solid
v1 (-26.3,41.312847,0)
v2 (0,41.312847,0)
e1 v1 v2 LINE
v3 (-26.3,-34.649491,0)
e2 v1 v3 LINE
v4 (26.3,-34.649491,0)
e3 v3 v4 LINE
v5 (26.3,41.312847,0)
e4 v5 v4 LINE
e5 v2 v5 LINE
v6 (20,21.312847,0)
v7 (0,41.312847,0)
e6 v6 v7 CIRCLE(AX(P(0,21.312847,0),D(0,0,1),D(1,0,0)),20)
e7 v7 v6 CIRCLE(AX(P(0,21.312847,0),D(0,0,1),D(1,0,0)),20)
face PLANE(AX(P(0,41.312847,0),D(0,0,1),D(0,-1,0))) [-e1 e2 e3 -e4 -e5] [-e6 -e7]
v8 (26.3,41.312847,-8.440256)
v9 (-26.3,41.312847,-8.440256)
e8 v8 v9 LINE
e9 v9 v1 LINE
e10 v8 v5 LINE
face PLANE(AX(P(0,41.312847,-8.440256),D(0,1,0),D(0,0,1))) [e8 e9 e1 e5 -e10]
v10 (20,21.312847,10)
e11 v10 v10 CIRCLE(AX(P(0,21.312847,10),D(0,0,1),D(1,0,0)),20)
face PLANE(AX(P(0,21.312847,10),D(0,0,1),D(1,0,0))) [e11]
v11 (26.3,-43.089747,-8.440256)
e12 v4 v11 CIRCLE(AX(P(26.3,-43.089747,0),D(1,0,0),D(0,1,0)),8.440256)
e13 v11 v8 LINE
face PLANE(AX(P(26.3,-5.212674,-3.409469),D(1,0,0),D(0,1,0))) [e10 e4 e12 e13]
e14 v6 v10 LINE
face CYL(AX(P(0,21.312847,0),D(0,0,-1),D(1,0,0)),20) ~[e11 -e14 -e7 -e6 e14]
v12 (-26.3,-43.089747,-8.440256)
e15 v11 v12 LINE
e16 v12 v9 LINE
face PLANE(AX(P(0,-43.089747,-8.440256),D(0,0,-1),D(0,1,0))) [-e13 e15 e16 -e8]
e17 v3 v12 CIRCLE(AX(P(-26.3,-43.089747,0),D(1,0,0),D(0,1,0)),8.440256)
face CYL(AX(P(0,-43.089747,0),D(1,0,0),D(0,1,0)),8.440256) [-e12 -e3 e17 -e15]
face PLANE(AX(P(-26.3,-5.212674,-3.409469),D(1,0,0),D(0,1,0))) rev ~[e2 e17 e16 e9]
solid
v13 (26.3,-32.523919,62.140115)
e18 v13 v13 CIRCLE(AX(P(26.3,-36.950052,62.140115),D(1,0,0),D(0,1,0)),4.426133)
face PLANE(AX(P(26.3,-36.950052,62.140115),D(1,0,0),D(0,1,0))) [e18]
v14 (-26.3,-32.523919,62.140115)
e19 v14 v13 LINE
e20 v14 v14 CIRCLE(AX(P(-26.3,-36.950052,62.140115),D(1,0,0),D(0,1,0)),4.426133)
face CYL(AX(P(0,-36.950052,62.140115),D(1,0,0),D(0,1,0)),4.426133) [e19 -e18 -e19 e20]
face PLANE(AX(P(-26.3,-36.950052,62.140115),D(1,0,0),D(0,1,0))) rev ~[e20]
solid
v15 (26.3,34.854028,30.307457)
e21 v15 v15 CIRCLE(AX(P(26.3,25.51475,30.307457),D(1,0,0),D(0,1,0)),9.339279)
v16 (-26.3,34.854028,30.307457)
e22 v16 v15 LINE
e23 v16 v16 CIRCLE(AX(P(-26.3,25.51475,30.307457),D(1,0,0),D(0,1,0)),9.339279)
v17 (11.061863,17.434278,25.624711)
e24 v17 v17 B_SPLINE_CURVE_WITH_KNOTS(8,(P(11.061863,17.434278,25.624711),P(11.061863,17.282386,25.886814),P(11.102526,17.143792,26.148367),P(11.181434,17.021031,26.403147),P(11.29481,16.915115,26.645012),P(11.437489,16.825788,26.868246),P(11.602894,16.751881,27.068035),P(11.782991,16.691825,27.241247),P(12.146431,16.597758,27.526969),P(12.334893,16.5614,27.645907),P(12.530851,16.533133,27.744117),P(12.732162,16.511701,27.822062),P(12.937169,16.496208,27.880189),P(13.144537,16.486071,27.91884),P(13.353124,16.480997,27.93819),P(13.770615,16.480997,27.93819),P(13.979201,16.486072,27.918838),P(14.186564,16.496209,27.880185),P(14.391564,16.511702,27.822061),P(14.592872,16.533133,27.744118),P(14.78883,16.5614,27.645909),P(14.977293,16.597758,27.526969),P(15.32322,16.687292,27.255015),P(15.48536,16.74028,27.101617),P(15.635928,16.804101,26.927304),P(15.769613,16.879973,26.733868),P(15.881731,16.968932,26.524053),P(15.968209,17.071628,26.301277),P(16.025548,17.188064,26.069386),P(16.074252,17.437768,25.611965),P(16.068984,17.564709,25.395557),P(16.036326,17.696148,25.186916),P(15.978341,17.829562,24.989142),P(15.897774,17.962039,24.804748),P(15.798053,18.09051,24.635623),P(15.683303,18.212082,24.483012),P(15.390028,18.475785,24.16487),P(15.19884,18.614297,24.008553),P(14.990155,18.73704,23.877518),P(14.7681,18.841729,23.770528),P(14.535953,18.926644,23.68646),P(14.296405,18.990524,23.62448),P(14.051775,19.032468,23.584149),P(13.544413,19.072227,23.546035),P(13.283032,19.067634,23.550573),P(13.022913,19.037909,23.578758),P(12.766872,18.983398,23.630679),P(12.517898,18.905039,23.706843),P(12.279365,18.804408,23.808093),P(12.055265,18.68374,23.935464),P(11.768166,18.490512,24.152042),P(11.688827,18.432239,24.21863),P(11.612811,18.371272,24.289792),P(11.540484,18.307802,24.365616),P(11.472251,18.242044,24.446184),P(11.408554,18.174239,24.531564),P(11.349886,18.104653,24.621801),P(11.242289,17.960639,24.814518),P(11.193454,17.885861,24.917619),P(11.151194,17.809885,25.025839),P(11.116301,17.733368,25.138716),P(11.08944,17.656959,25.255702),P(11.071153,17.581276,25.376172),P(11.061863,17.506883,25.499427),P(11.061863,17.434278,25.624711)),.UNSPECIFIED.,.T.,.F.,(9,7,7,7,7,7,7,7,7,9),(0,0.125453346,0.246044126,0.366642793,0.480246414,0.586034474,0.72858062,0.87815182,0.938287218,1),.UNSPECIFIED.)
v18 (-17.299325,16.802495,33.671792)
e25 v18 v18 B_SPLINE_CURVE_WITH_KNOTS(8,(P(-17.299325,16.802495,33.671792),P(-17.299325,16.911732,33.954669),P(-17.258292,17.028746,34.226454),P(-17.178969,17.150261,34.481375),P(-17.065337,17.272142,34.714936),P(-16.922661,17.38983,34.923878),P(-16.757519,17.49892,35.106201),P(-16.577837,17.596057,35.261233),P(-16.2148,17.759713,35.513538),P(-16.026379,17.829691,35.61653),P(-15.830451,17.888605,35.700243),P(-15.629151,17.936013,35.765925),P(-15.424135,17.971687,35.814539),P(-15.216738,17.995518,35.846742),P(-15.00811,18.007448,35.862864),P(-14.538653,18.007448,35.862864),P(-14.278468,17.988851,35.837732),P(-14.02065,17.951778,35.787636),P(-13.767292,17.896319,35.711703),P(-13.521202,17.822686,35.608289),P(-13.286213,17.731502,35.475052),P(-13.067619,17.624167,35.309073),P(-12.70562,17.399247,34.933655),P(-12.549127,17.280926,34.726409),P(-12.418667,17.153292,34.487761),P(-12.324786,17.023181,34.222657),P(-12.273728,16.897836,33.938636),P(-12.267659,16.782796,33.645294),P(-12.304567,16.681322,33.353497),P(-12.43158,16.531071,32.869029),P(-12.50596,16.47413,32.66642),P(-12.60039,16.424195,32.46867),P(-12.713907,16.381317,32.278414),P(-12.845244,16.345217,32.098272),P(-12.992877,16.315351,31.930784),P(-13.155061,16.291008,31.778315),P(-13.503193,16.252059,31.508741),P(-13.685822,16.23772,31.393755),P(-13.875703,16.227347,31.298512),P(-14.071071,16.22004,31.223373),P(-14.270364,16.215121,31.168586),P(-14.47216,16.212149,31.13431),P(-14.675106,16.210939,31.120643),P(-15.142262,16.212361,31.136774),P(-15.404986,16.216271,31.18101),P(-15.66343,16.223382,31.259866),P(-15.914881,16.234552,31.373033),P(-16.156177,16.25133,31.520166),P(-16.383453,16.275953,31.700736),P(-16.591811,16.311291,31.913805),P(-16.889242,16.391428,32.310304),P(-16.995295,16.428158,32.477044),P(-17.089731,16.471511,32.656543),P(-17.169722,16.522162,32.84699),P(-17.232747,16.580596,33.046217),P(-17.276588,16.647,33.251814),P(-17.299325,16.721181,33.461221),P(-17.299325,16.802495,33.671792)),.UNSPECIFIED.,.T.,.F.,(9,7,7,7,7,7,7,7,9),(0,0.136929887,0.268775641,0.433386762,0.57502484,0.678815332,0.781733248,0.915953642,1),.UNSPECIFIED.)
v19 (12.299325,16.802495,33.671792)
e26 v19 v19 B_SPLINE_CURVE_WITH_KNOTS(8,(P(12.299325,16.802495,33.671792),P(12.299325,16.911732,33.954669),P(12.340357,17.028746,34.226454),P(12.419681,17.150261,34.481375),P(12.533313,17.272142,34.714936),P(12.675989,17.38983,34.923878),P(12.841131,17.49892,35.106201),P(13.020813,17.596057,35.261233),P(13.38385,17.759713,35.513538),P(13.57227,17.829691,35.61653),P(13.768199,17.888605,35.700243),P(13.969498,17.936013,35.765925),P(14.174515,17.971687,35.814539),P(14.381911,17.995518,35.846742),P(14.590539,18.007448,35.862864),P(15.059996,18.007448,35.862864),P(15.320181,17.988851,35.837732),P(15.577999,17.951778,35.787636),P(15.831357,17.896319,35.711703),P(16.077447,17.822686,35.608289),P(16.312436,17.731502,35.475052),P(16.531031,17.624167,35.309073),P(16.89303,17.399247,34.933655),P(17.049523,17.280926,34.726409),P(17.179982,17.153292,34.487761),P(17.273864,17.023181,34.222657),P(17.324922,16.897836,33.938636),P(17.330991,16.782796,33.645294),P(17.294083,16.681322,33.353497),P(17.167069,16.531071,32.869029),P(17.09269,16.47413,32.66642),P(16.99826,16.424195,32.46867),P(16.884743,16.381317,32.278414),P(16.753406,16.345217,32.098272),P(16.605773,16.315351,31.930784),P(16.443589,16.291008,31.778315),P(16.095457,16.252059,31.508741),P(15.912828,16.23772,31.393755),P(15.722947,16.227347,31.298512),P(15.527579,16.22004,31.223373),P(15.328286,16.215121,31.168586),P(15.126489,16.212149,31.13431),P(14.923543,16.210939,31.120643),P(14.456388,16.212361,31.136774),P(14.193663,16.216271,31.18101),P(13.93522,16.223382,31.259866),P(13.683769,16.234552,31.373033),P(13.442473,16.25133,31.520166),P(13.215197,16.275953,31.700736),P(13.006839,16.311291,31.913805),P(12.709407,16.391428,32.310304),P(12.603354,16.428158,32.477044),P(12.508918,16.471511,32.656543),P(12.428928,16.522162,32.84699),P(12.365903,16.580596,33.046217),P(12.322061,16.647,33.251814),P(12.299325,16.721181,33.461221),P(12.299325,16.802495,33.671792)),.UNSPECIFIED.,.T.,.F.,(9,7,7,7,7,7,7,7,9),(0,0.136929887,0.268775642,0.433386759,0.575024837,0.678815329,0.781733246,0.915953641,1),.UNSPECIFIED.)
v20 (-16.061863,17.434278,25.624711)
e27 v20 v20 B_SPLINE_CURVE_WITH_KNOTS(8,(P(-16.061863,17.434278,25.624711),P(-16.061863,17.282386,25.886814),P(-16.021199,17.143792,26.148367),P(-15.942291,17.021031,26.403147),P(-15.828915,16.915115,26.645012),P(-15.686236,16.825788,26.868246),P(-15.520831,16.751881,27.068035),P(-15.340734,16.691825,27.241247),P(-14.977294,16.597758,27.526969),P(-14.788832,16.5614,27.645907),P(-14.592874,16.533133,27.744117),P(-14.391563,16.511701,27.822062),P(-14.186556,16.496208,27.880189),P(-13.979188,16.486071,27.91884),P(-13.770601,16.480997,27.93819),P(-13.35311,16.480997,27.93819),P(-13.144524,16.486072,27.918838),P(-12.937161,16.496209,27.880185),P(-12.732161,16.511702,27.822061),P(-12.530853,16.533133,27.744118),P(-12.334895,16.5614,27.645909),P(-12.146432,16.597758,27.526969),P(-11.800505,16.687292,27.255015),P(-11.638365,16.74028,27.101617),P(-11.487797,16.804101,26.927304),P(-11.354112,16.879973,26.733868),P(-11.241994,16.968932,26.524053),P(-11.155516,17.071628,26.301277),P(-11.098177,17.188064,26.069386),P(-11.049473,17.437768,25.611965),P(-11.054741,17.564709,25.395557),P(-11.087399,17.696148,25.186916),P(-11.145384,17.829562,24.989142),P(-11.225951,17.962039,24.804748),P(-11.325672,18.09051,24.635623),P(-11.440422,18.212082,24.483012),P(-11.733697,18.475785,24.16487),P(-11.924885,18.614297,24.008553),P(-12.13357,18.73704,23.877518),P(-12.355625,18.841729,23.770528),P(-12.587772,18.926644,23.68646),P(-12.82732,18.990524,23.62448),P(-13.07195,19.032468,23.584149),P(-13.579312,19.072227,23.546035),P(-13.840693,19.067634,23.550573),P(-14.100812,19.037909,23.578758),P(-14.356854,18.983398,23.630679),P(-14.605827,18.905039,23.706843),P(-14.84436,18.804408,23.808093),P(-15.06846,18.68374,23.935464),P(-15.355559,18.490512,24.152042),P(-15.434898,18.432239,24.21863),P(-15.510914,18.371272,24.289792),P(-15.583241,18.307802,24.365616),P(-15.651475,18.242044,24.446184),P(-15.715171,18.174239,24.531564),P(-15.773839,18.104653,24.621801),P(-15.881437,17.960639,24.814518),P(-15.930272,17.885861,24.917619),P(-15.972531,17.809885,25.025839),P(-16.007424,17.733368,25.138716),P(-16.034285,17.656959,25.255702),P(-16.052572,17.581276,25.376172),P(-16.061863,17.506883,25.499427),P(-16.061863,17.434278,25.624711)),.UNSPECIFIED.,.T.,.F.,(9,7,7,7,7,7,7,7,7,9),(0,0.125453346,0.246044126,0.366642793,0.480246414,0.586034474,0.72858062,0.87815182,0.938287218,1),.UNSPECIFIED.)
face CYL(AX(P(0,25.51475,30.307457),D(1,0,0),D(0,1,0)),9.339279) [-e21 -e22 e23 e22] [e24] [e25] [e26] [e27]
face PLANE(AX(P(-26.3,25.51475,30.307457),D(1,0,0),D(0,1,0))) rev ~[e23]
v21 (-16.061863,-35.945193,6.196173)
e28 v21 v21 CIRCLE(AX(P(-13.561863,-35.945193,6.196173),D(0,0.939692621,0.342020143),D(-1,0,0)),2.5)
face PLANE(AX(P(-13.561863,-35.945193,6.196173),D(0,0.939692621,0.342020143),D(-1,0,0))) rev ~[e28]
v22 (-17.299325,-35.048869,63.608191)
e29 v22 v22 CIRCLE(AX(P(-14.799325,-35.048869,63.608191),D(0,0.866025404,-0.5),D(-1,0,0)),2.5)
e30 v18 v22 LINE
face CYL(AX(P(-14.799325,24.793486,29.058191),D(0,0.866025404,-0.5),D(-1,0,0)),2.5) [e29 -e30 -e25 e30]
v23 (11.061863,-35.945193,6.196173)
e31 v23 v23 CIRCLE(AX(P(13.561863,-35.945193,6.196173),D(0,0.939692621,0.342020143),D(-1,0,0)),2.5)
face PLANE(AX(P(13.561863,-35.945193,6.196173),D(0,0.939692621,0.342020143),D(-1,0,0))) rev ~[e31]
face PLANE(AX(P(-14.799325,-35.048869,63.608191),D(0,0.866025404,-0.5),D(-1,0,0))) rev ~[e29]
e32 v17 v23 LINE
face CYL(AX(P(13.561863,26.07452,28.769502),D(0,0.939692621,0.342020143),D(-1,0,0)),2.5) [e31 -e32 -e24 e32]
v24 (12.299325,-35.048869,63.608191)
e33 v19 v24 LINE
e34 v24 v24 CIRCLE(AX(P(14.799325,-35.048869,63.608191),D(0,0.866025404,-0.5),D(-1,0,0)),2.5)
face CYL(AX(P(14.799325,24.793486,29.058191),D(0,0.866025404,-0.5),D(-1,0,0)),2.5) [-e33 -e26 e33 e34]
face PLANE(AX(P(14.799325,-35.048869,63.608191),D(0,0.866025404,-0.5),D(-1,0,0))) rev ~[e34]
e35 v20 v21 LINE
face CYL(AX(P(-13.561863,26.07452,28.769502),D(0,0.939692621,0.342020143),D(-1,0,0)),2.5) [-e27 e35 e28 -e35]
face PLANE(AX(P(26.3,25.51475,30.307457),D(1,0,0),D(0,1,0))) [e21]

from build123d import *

# Parameters (mm, degrees)
F1_DEPTH = 26.3
F0_R     = 9.3392786486
F0_R_2   = 4.4261331471
F3_R     = 2.5
F4_DEPTH = 69.1
F5_R     = 20
F6_DEPTH = 10
F8_R     = 2.5
F9_DEPTH = 66


with BuildPart() as f1:
    # F0 (on Right) → F1 (new body, symmetric)
    with BuildSketch(Plane.YZ):
        with BuildLine():
            Line((41.3128472865, -8.4402561188), (41.3128472865, 0))
            Line((41.3128472865, 0), (-34.6494913101, 0))
            ThreePointArc((-34.6494913101, 0), (-49.0579097654, 5.9681623365), (-43.0897474289, -8.4402561188))
            Line((-43.0897474289, -8.4402561188), (41.3128472865, -8.4402561188))
        make_face()
    extrude(amount=F1_DEPTH, both=True)

    # F5 (on face) → F6 (join)
    with BuildSketch(Plane.XY):
        with Locations((0, 21.3128472865)):
            Circle(F5_R)
    extrude(amount=F6_DEPTH)


with BuildPart() as f1b:
    # F0 (on Right) → F1, piece 2 (new body, symmetric)
    with BuildSketch(Plane.YZ):
        with Locations((25.5147498101, 30.307456851)):
            Circle(F0_R)
    extrude(amount=F1_DEPTH, both=True)



with BuildPart() as f1c:
    # F0 (on Right) → F1, piece 3 (new body, symmetric)
    with BuildSketch(Plane.YZ):
        with Locations((-36.9500517845, 62.1401146054)):
            Circle(F0_R_2)
    extrude(amount=F1_DEPTH, both=True)


with BuildPart() as f4:
    # F3 (on face) → F4 (new body)
    with BuildSketch(Plane(origin=(0, 6.012548579, -3.4713465406), x_dir=(-1, 0, 0), z_dir=(0, 0.8660254038, -0.5))):
        with Locations((-14.7993247956, 37.5618748367)):
            Circle(F3_R)
        with Locations((14.7993247956, 37.5618748367)):
            Circle(F3_R)
    extrude(amount=-F4_DEPTH)


with BuildPart() as f1b_1:
    add(f1b.part)

    add(f4.part)  # F9 merges F4
    # F8 (on face) → F9 (join)
    with BuildSketch(Plane(origin=(0, 32.2707199323, 11.7455814937), x_dir=(-1, 0, 0), z_dir=(0, 0.9396926208, 0.3420201433))):
        with Locations((13.5618625209, 18.1164778769)):
            Circle(F8_R)
        with Locations((-13.5618625209, 18.1164778769)):
            Circle(F8_R)
    extrude(amount=-F9_DEPTH)


solid = Compound([f1.part, f1c.part, f1b_1.part])
